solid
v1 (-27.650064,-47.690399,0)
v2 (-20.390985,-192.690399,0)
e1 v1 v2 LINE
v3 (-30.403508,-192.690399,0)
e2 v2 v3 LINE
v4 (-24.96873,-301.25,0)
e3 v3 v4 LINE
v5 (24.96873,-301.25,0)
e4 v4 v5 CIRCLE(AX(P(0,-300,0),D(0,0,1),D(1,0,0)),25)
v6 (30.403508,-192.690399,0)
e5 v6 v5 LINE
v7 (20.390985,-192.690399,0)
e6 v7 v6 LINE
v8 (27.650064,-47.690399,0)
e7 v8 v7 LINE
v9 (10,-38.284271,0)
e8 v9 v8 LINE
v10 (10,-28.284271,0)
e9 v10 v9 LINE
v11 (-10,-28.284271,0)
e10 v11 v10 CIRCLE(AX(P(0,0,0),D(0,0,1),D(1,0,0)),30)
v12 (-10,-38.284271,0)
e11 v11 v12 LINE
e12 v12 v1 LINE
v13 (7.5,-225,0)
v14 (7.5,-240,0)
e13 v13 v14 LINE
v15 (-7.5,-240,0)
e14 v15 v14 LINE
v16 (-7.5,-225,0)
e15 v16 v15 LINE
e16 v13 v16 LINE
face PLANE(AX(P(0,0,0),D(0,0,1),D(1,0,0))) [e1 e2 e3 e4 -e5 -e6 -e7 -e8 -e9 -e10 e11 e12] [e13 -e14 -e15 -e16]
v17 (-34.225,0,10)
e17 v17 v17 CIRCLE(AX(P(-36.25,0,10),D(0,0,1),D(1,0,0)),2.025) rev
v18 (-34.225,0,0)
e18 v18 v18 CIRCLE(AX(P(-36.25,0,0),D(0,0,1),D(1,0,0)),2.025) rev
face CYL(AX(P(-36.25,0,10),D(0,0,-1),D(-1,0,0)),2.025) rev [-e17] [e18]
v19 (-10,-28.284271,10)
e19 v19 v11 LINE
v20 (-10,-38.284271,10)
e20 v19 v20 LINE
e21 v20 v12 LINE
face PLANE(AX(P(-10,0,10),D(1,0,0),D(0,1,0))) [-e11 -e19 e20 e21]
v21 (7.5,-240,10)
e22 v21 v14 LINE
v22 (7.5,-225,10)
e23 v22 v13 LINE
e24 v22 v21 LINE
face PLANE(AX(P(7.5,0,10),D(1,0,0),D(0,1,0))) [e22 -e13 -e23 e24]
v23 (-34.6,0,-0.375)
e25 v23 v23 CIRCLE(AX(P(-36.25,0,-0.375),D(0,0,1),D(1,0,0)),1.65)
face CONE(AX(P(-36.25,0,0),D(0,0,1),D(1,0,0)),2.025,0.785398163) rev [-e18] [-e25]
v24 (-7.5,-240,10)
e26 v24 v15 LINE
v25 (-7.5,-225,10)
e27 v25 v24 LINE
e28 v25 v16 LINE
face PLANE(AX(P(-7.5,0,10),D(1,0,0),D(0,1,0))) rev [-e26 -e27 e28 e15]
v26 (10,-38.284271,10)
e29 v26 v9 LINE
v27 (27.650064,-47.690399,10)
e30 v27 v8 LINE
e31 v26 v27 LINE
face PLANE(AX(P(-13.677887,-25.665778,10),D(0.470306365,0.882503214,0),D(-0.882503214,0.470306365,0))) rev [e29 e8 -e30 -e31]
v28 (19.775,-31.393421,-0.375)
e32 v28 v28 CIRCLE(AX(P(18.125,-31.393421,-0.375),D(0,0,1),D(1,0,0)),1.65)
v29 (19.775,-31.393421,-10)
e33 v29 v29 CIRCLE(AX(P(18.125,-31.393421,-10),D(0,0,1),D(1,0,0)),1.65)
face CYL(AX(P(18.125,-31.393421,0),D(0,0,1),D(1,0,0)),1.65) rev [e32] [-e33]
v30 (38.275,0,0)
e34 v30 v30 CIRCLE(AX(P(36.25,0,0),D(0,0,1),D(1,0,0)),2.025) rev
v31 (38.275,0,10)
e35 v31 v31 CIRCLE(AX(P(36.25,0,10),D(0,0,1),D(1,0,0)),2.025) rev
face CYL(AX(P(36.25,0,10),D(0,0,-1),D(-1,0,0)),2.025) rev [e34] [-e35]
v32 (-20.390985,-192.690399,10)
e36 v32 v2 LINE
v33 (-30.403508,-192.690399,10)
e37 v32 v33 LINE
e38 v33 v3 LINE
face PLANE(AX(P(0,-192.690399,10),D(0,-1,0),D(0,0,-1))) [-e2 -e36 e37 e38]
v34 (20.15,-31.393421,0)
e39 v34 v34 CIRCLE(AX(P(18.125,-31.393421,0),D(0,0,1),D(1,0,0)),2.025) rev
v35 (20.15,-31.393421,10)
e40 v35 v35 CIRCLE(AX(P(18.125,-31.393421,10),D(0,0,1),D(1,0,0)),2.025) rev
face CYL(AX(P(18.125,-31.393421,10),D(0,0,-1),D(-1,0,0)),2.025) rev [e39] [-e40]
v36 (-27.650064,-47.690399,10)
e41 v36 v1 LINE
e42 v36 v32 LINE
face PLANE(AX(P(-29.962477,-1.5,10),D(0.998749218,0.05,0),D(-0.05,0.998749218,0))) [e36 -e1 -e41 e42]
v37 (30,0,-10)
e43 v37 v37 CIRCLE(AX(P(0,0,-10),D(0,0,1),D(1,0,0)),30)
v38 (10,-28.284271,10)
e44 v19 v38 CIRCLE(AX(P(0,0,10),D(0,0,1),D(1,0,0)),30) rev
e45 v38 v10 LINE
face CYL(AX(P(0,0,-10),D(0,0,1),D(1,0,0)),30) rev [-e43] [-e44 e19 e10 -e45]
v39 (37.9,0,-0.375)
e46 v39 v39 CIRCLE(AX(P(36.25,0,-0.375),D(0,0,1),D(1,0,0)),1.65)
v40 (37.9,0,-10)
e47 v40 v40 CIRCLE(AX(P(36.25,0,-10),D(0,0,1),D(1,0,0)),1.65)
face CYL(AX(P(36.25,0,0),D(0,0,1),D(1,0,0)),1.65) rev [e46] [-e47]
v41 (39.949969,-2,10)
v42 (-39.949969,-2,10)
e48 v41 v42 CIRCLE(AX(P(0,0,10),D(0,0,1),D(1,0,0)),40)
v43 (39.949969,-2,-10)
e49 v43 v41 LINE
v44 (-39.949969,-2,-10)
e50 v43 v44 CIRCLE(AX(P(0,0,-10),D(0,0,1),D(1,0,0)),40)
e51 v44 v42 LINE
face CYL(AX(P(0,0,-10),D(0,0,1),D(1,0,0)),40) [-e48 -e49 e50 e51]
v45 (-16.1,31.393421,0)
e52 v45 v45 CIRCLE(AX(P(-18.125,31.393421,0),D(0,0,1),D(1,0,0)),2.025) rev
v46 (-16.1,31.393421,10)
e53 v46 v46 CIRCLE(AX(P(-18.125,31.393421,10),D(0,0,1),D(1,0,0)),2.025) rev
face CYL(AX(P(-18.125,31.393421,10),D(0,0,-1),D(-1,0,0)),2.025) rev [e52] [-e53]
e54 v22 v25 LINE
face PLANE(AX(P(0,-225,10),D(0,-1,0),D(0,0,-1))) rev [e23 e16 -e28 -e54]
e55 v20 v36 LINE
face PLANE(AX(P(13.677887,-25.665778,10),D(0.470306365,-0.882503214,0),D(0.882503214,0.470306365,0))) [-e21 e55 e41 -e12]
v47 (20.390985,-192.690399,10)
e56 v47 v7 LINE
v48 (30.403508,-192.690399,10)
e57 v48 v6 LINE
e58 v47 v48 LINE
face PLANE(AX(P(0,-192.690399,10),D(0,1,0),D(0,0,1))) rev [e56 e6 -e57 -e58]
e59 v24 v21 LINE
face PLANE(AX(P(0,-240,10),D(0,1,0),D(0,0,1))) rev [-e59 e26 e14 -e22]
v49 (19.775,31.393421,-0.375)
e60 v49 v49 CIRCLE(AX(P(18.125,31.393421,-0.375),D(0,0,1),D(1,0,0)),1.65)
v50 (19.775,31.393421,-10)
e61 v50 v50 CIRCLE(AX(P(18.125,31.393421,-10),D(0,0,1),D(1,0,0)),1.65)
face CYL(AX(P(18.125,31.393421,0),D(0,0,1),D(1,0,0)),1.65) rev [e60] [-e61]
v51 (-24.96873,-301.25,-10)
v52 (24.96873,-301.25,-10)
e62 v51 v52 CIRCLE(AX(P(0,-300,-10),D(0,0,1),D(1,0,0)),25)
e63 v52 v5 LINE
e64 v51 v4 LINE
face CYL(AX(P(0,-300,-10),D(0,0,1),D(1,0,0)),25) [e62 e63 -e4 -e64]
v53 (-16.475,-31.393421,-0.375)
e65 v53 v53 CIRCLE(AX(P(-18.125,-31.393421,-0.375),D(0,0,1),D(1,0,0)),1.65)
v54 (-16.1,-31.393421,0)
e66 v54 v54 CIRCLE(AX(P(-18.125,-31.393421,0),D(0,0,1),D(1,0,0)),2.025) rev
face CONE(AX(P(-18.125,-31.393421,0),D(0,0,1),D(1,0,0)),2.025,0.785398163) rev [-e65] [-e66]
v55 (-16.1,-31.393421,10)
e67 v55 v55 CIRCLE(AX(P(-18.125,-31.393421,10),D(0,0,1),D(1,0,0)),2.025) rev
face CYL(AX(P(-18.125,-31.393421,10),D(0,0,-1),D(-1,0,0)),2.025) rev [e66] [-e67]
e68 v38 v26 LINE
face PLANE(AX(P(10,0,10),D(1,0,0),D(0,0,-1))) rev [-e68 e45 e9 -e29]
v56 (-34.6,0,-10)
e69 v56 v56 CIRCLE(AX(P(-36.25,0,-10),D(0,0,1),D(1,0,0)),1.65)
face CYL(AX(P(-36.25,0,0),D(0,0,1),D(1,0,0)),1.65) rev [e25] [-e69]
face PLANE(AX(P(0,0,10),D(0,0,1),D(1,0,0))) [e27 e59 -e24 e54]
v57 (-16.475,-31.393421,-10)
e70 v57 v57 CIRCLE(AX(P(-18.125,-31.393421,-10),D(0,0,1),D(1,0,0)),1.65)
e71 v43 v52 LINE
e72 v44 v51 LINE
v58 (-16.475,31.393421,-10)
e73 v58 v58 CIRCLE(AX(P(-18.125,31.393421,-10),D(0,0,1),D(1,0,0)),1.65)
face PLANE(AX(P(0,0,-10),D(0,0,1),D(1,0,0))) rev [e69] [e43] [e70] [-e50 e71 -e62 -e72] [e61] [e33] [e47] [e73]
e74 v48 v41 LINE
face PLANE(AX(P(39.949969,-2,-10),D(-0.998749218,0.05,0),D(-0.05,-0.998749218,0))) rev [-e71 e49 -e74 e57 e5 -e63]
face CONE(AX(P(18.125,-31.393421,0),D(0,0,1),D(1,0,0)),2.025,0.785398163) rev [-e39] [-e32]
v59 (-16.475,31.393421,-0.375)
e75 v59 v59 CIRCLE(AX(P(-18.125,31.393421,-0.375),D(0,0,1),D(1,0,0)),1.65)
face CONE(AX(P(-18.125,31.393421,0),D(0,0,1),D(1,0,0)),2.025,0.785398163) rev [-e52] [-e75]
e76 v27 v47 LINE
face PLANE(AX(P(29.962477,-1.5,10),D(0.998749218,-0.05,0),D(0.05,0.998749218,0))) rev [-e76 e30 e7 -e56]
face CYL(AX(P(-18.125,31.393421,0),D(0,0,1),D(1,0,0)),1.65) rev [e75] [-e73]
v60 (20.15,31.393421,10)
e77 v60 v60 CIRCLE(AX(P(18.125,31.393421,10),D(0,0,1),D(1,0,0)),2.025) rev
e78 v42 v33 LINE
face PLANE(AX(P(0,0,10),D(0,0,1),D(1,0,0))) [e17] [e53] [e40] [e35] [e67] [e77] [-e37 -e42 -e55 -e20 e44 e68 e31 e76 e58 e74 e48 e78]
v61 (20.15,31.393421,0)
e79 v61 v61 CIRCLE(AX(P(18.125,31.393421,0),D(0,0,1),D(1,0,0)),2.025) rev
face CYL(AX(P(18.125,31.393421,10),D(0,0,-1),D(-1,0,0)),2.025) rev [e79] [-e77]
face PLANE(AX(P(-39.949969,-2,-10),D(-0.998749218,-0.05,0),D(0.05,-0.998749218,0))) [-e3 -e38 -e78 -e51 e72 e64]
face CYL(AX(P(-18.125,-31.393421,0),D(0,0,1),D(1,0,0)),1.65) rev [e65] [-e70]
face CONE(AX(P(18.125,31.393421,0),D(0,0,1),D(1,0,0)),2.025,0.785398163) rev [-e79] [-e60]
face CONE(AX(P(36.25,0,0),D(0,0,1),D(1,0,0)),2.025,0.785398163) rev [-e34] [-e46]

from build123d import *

# Parameters (mm, degrees)
SKETCH1_R                       = 40
SKETCH1_R_2                     = 30
BOSS_EXTRUDE1_DEPTH             = 10
M4X0_7_TAPPED_HOLE1_D           = 3.3
M4X0_7_TAPPED_HOLE1_CSINK_D     = 4.05
M4X0_7_TAPPED_HOLE1_CSINK_ANGLE = 90
CIRPATTERN1_COUNT               = 6
SKETCH14_R                      = 25
BOSS_EXTRUDE5_DEPTH             = 10
BOSS_EXTRUDE7_START             = 10
SKETCH15_W                      = 7.5
SKETCH15_H                      = 15
SKETCH15_R                      = 2.025
BOSS_EXTRUDE7_DEPTH             = 10


with BuildPart() as part:
    # Sketch1 → Boss-Extrude1 (new body)
    with BuildSketch(Plane.XY):
        Circle(SKETCH1_R)
        Circle(SKETCH1_R_2, mode=Mode.SUBTRACT)
    extrude(amount=-BOSS_EXTRUDE1_DEPTH)

    # M4x0.7 Tapped Hole1 (through all)
    with Locations(Plane.XY):
        with Locations((36.25, 0)):
            m4x0_7_tapped_hole1 = CounterSinkHole(M4X0_7_TAPPED_HOLE1_D / 2, M4X0_7_TAPPED_HOLE1_CSINK_D / 2, counter_sink_angle=M4X0_7_TAPPED_HOLE1_CSINK_ANGLE)

    # CirPattern1: M4x0.7 Tapped Hole1 ×6 about axis
    cirpattern1_axis = Axis((0, 0, 0), (0, 0, 1))
    for i in range(1, CIRPATTERN1_COUNT):
        add(m4x0_7_tapped_hole1.rotate(cirpattern1_axis, i * 360 / CIRPATTERN1_COUNT), mode=Mode.SUBTRACT)

    # Sketch14 → Boss-Extrude5 (add)
    with BuildSketch(Plane.XY):
        with BuildLine():
            ThreePointArc((39.949968711, -2), (0, -40), (-39.949968711, -2))
            Line((-39.949968711, -2), (-24.968730444, -301.25))
            ThreePointArc((-24.968730444, -301.25), (-0.625195526, -275.007818612), (25, -300))
            ThreePointArc((25, -300), (24.992181388, -300.625195526), (24.968730444, -301.25))
            Line((24.968730444, -301.25), (39.949968711, -2))
        make_face()
        with Locations((0, -300)):
            Circle(SKETCH14_R)
    extrude(amount=-BOSS_EXTRUDE5_DEPTH)

    # Sketch15 → Boss-Extrude7 (add)
    # profile 1 of 4: a face of its own
    with BuildSketch(Plane.XY.offset(BOSS_EXTRUDE7_START)):
        with Locations((3.75, -232.5)):
            Rectangle(SKETCH15_W, SKETCH15_H)
    # profile 2 of 4: a face of its own
    with BuildSketch(Plane.XY.offset(BOSS_EXTRUDE7_START)):
        with Locations((-3.75, -232.5)):
            Rectangle(SKETCH15_W, SKETCH15_H)
    # profile 3 of 4: a face of its own
    with BuildSketch(Plane.XY.offset(BOSS_EXTRUDE7_START)):
        with BuildLine():
            Line((20.390984754, -192.690398552), (30.40350824, -192.690398552))
            Line((30.40350824, -192.690398552), (39.949968711, -2))
            ThreePointArc((39.949968711, -2), (28.982753492, 27.568097504), (0, 40))
            Line((0, 40), (0, 30))
            ThreePointArc((0, 30), (21.213203436, 21.213203436), (30, 0))
            ThreePointArc((30, 0), (24.494897428, -17.320508076), (10, -28.284271247))
            Line((10, -28.284271247), (10, -38.284271247))
            Line((10, -38.284271247), (27.650064281, -47.690398552))
            Line((27.650064281, -47.690398552), (20.390984754, -192.690398552))
        make_face()
        with Locations((18.125, -31.393420887)):
            Circle(SKETCH15_R, mode=Mode.SUBTRACT)
        with Locations((18.125, 31.393420887)):
            Circle(SKETCH15_R, mode=Mode.SUBTRACT)
        with Locations((36.25, 0)):
            Circle(SKETCH15_R, mode=Mode.SUBTRACT)
    # profile 4 of 4: a face of its own
    with BuildSketch(Plane.XY.offset(BOSS_EXTRUDE7_START)):
        with BuildLine():
            Line((-39.949968711, -2), (-30.40350824, -192.690398552))
            Line((-30.40350824, -192.690398552), (-20.390984754, -192.690398552))
            Line((-20.390984754, -192.690398552), (-27.650064281, -47.690398552))
            Line((-27.650064281, -47.690398552), (-10, -38.284271247))
            Line((-10, -38.284271247), (-10, -28.284271247))
            ThreePointArc((-10, -28.284271247), (-29.56795679, 5.073059362), (0, 30))
            Line((0, 30), (0, 40))
            ThreePointArc((0, 40), (-28.982753492, 27.568097504), (-39.949968711, -2))
        make_face()
        with Locations((-36.25, 0)):
            Circle(SKETCH15_R, mode=Mode.SUBTRACT)
        with Locations((-18.125, -31.393420887)):
            Circle(SKETCH15_R, mode=Mode.SUBTRACT)
        with Locations((-18.125, 31.393420887)):
            Circle(SKETCH15_R, mode=Mode.SUBTRACT)
    extrude(amount=-BOSS_EXTRUDE7_DEPTH)


solid = part.part
